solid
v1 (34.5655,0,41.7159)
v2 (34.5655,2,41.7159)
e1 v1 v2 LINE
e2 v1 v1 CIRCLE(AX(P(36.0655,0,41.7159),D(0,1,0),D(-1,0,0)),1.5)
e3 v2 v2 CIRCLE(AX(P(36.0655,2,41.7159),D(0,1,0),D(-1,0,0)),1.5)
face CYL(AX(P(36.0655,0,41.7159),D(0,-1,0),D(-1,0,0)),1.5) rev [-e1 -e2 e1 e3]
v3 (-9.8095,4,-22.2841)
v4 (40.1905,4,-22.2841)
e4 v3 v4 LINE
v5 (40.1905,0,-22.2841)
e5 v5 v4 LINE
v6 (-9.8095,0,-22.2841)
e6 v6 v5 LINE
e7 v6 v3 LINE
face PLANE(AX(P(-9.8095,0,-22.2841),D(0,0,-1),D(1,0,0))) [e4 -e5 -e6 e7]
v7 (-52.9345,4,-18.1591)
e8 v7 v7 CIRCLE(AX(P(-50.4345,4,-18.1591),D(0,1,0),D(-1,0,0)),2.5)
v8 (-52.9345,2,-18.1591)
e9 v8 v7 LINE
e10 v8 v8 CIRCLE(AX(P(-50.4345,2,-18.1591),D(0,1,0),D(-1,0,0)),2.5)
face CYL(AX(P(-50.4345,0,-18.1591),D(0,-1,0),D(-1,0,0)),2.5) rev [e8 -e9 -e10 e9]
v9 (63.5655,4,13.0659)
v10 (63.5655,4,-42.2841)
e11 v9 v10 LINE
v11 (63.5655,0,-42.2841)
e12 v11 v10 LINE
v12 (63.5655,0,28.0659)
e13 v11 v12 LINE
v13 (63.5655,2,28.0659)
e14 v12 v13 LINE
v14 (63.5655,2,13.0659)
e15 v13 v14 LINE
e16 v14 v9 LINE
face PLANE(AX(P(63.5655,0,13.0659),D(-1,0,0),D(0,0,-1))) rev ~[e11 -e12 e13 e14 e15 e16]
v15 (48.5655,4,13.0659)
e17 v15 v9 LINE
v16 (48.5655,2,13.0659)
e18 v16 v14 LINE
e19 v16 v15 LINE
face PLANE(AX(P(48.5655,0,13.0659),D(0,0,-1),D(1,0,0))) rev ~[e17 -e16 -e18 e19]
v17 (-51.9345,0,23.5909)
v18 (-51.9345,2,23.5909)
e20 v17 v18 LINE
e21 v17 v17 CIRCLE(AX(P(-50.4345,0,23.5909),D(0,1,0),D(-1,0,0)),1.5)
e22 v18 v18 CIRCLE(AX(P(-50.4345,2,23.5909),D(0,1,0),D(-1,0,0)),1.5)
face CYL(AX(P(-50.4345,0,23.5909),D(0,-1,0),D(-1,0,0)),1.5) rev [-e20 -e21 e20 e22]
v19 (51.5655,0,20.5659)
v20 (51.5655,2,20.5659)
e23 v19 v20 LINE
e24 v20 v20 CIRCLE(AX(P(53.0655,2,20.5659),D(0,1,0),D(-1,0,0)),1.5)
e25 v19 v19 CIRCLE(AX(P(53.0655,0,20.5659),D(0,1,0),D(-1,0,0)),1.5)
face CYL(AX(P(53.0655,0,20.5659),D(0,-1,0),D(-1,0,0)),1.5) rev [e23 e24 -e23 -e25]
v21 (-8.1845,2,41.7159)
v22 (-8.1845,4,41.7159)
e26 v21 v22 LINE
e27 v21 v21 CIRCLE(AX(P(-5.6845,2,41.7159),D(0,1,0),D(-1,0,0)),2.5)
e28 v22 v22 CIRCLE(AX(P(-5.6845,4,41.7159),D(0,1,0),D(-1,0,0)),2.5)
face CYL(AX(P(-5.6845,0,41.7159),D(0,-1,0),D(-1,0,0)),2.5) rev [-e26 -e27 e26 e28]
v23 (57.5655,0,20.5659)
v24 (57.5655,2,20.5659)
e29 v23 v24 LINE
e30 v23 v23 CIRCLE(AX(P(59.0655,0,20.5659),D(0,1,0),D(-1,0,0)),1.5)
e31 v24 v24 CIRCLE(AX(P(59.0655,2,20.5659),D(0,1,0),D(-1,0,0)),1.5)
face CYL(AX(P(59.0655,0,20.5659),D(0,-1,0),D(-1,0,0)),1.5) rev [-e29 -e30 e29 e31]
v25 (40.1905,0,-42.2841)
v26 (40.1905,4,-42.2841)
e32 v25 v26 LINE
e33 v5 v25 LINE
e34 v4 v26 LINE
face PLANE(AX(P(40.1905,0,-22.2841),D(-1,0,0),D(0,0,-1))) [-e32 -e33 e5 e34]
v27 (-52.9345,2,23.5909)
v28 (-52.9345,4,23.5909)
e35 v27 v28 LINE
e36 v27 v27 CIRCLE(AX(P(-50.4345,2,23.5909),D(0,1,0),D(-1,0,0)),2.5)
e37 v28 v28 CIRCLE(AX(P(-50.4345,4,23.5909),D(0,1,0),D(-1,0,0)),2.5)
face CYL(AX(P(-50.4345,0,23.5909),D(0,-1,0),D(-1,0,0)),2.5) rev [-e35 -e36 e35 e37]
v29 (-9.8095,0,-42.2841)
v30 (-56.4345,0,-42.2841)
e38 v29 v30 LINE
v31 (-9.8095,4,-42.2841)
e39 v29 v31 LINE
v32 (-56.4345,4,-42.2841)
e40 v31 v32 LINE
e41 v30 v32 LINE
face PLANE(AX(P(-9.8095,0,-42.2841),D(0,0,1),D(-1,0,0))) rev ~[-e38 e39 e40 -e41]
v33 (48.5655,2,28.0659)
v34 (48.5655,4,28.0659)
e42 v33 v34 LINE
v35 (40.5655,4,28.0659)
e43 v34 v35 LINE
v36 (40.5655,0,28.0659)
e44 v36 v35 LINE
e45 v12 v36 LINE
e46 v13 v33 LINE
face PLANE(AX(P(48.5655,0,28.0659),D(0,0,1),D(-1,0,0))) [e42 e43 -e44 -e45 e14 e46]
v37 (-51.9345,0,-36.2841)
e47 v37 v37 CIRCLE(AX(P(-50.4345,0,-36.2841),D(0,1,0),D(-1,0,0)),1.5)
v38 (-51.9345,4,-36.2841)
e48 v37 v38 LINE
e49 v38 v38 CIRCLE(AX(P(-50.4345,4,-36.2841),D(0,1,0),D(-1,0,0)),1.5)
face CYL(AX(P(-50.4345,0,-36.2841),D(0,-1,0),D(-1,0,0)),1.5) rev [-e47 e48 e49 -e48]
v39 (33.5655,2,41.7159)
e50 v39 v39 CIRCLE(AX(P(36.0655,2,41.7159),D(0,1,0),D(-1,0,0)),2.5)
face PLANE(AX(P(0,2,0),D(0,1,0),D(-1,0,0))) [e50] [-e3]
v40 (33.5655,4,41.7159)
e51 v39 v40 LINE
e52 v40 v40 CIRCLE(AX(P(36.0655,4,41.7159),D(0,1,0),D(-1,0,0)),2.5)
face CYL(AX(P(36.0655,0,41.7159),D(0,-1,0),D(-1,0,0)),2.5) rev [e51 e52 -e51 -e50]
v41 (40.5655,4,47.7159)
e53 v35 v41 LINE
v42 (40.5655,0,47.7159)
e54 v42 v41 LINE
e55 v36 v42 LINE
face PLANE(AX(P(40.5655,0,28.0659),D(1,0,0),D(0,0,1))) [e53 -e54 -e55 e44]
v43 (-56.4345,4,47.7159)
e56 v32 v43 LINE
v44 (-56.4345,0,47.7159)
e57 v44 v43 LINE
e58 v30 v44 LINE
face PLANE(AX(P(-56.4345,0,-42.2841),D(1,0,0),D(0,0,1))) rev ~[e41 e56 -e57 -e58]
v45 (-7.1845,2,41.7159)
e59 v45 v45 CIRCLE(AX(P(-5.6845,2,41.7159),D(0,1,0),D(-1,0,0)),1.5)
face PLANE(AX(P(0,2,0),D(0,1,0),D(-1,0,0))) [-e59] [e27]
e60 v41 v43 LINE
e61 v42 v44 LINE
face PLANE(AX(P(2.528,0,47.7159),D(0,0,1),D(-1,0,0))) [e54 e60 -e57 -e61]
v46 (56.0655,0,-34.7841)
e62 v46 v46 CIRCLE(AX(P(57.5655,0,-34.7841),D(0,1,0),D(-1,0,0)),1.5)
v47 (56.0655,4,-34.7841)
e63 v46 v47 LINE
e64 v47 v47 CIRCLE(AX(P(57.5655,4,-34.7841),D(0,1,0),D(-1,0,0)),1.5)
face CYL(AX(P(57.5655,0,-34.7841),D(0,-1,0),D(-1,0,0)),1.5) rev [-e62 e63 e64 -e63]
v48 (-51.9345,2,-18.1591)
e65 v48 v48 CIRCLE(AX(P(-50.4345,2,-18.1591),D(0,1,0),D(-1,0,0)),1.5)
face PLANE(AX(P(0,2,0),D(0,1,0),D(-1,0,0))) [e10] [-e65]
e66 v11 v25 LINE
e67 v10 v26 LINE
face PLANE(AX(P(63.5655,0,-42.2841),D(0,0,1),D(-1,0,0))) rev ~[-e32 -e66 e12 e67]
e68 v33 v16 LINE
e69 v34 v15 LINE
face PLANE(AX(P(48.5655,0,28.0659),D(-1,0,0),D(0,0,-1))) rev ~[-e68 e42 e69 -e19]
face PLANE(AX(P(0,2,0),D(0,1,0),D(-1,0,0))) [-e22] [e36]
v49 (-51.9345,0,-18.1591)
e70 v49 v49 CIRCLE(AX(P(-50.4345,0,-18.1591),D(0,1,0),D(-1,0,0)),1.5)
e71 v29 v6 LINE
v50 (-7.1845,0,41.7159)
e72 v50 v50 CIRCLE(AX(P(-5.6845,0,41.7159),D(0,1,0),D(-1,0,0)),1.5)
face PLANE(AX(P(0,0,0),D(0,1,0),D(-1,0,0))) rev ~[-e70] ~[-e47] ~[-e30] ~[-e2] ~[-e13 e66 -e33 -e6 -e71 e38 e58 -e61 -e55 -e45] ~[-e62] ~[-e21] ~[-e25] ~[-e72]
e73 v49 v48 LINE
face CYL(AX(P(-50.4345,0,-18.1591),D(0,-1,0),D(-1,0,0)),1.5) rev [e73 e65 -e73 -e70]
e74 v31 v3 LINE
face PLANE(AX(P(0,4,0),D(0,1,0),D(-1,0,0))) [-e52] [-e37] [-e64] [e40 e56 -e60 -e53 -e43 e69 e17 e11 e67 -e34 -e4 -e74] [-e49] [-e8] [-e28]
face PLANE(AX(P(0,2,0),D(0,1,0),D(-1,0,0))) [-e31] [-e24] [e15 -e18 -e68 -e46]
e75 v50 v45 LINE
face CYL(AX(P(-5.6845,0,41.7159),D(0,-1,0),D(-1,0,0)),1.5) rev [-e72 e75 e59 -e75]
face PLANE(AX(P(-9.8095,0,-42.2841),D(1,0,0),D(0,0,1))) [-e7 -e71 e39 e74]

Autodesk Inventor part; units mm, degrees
ref_plane "YZ Plane" through (0, 0, 0) normal (1, 0, 0) x (0, 1, 0)
ref_plane "XZ Plane" through (0, 0, 0) normal (0, 1, 0) x (-1, 0, 0)
ref_plane "XY Plane" through (0, 0, 0) normal (0, 0, 1) x (1, 0, 0)
sketch "Sketch1" plane through (0, 0, 0) normal (0, 1, 0) x (-1, 0, 0)
  circle A0 centre (-7.6905, 26.7159) radius 1.5
  circle A1 centre (-7.6905, 14.7159) radius 1.5
  line L0 (-0.1905, 5.7159) -> (-15.1905, 5.7159)
  line L1 (-15.1905, 35.7159) -> (-0.1905, 35.7159)
  line L2 (-15.1905, 5.7159) -> (-15.1905, 35.7159)
  circle A2 centre (5.6845, 41.7159) radius 1.5
  circle A3 centre (5.6845, 41.7159) radius 2.5
  line L3 (-2.528, 47.7159) -> (7.472, 47.7159)
  circle A4 centre (50.4345, -18.1591) radius 2.5
  circle A5 centre (50.4345, -36.2841) radius 1.5
  line L4 (9.8095, -42.2841) -> (9.8095, -22.2841)
  circle A6 centre (50.4345, -18.1591) radius 1.5
  line L5 (-0.1905, 35.7159) -> (-0.1905, 5.7159)
  line L6 (56.4345, 47.7159) -> (7.472, 47.7159)
  circle A7 centre (50.4345, 23.5909) radius 1.5
  line L7 (56.4345, -42.2841) -> (56.4345, 47.7159)
  line L8 (42.1595, 2.7159) -> (61.2095, 2.7159) construction
  circle A8 centre (50.4345, 23.5909) radius 2.5
  line L9 (-15.1905, 35.7159) -> (-30.1905, 35.7159)
  line L10 (-63.5655, 30.7159) -> (-63.5655, 47.7159)
  line L11 (-63.5655, 47.7159) -> (-48.5655, 47.7159)
  line L12 (-2.528, 47.7159) -> (-63.5655, 47.7159)
  circle A9 centre (-36.0655, 41.7159) radius 1.5
  circle A10 centre (-36.0655, 41.7159) radius 2.5
  circle A11 centre (-21.1905, -7.2841) radius 1.5
  line L13 (-27.6905, 2.7159) -> (-27.6905, -17.2841)
  circle A12 centre (-57.5655, -34.7841) radius 1.5
  line L14 (-2.6905, 2.7159) -> (-27.6905, 2.7159)
  circle A13 centre (-9.1905, -7.2841) radius 1.5
  line L15 (-2.6905, -17.2841) -> (-2.6905, 2.7159)
  line L16 (-27.6905, -17.2841) -> (-2.6905, -17.2841)
  line L17 (-63.5655, 47.7159) -> (-63.5655, -42.2841)
  line L18 (9.8095, -22.2841) -> (-40.1905, -22.2841)
  line L19 (-40.1905, -22.2841) -> (-40.1905, -42.2841)
  line L20 (-40.1905, -42.2841) -> (9.8095, -42.2841)
  line L21 (-63.5655, -42.2841) -> (56.4345, -42.2841)
  line L22 (-63.5655, 28.0659) -> (-48.5655, 28.0659)
  circle A14 centre (-22.6905, 26.7159) radius 1.5
  circle A15 centre (-53.0655, 20.5659) radius 1.5
  circle A16 centre (-59.0655, 20.5659) radius 1.5
  circle A17 centre (-53.0655, 20.5659) radius 2.5
  circle A18 centre (-22.6905, 14.7159) radius 1.5
  line L23 (-15.1905, 5.7159) -> (-15.1905, 35.7159)
  line L24 (-30.1905, 5.7159) -> (-15.1905, 5.7159)
  line L25 (-48.5655, 28.0659) -> (-48.5655, 13.0659)
  line L26 (-30.1905, 35.7159) -> (-30.1905, 5.7159)
  circle A19 centre (-59.0655, 20.5659) radius 2.5
  line L27 (-48.5655, 13.0659) -> (-63.5655, 13.0659)
  line L28 (-63.5655, 13.0659) -> (-63.5655, 28.0659)
  line L29 (-15.1905, 2.7159) -> (-15.1905, 34.925) construction
  line L30 (-48.5655, 28.0659) -> (-40.5655, 28.0659)
  line L31 (-40.5655, 28.0659) -> (-40.5655, 47.7159)
  point P0 (0, 0)
  point P1 (5.1035, 21.0043)
  point P2 (5.6845, 35.7159)
  point P3 (2.472, 2.7159)
  point P4 (-36.0655, 35.7159)
  point P5 (-2.6905, -7.2841)
  point P6 (-43.5655, 47.7159)
  dimension "d4" = 12
  dimension "d5" = 7.5
  dimension "d6" = 12
  dimension "d7" = 9
  dimension "d8" = 0
  dimension "d10" = 0
  dimension "d11" = 8
extrude "Extrusion1" add sketch "Sketch1" along normal blind 4 contours A0 | A1 | L0 L2 L1 L5 | L24 L26 L9 L2 | L3 L6 L7 L21 L4 L18 L19 L17 L27 L25 L30 L31 L12 | A11 | L14 L15 L16 L13 | A13 | A14 | A18
extrude "Extrusion2" add sketch "Sketch1" along normal blind 2 contours L0 L2 L1 L5 | L24 L26 L9 L2 | A3 | L25 L27 L17 L22 | A4 | A8 | A10 | L14 L15 L16 L13 | A17 | A19
properties part number "Casis Kanan Bawah"
